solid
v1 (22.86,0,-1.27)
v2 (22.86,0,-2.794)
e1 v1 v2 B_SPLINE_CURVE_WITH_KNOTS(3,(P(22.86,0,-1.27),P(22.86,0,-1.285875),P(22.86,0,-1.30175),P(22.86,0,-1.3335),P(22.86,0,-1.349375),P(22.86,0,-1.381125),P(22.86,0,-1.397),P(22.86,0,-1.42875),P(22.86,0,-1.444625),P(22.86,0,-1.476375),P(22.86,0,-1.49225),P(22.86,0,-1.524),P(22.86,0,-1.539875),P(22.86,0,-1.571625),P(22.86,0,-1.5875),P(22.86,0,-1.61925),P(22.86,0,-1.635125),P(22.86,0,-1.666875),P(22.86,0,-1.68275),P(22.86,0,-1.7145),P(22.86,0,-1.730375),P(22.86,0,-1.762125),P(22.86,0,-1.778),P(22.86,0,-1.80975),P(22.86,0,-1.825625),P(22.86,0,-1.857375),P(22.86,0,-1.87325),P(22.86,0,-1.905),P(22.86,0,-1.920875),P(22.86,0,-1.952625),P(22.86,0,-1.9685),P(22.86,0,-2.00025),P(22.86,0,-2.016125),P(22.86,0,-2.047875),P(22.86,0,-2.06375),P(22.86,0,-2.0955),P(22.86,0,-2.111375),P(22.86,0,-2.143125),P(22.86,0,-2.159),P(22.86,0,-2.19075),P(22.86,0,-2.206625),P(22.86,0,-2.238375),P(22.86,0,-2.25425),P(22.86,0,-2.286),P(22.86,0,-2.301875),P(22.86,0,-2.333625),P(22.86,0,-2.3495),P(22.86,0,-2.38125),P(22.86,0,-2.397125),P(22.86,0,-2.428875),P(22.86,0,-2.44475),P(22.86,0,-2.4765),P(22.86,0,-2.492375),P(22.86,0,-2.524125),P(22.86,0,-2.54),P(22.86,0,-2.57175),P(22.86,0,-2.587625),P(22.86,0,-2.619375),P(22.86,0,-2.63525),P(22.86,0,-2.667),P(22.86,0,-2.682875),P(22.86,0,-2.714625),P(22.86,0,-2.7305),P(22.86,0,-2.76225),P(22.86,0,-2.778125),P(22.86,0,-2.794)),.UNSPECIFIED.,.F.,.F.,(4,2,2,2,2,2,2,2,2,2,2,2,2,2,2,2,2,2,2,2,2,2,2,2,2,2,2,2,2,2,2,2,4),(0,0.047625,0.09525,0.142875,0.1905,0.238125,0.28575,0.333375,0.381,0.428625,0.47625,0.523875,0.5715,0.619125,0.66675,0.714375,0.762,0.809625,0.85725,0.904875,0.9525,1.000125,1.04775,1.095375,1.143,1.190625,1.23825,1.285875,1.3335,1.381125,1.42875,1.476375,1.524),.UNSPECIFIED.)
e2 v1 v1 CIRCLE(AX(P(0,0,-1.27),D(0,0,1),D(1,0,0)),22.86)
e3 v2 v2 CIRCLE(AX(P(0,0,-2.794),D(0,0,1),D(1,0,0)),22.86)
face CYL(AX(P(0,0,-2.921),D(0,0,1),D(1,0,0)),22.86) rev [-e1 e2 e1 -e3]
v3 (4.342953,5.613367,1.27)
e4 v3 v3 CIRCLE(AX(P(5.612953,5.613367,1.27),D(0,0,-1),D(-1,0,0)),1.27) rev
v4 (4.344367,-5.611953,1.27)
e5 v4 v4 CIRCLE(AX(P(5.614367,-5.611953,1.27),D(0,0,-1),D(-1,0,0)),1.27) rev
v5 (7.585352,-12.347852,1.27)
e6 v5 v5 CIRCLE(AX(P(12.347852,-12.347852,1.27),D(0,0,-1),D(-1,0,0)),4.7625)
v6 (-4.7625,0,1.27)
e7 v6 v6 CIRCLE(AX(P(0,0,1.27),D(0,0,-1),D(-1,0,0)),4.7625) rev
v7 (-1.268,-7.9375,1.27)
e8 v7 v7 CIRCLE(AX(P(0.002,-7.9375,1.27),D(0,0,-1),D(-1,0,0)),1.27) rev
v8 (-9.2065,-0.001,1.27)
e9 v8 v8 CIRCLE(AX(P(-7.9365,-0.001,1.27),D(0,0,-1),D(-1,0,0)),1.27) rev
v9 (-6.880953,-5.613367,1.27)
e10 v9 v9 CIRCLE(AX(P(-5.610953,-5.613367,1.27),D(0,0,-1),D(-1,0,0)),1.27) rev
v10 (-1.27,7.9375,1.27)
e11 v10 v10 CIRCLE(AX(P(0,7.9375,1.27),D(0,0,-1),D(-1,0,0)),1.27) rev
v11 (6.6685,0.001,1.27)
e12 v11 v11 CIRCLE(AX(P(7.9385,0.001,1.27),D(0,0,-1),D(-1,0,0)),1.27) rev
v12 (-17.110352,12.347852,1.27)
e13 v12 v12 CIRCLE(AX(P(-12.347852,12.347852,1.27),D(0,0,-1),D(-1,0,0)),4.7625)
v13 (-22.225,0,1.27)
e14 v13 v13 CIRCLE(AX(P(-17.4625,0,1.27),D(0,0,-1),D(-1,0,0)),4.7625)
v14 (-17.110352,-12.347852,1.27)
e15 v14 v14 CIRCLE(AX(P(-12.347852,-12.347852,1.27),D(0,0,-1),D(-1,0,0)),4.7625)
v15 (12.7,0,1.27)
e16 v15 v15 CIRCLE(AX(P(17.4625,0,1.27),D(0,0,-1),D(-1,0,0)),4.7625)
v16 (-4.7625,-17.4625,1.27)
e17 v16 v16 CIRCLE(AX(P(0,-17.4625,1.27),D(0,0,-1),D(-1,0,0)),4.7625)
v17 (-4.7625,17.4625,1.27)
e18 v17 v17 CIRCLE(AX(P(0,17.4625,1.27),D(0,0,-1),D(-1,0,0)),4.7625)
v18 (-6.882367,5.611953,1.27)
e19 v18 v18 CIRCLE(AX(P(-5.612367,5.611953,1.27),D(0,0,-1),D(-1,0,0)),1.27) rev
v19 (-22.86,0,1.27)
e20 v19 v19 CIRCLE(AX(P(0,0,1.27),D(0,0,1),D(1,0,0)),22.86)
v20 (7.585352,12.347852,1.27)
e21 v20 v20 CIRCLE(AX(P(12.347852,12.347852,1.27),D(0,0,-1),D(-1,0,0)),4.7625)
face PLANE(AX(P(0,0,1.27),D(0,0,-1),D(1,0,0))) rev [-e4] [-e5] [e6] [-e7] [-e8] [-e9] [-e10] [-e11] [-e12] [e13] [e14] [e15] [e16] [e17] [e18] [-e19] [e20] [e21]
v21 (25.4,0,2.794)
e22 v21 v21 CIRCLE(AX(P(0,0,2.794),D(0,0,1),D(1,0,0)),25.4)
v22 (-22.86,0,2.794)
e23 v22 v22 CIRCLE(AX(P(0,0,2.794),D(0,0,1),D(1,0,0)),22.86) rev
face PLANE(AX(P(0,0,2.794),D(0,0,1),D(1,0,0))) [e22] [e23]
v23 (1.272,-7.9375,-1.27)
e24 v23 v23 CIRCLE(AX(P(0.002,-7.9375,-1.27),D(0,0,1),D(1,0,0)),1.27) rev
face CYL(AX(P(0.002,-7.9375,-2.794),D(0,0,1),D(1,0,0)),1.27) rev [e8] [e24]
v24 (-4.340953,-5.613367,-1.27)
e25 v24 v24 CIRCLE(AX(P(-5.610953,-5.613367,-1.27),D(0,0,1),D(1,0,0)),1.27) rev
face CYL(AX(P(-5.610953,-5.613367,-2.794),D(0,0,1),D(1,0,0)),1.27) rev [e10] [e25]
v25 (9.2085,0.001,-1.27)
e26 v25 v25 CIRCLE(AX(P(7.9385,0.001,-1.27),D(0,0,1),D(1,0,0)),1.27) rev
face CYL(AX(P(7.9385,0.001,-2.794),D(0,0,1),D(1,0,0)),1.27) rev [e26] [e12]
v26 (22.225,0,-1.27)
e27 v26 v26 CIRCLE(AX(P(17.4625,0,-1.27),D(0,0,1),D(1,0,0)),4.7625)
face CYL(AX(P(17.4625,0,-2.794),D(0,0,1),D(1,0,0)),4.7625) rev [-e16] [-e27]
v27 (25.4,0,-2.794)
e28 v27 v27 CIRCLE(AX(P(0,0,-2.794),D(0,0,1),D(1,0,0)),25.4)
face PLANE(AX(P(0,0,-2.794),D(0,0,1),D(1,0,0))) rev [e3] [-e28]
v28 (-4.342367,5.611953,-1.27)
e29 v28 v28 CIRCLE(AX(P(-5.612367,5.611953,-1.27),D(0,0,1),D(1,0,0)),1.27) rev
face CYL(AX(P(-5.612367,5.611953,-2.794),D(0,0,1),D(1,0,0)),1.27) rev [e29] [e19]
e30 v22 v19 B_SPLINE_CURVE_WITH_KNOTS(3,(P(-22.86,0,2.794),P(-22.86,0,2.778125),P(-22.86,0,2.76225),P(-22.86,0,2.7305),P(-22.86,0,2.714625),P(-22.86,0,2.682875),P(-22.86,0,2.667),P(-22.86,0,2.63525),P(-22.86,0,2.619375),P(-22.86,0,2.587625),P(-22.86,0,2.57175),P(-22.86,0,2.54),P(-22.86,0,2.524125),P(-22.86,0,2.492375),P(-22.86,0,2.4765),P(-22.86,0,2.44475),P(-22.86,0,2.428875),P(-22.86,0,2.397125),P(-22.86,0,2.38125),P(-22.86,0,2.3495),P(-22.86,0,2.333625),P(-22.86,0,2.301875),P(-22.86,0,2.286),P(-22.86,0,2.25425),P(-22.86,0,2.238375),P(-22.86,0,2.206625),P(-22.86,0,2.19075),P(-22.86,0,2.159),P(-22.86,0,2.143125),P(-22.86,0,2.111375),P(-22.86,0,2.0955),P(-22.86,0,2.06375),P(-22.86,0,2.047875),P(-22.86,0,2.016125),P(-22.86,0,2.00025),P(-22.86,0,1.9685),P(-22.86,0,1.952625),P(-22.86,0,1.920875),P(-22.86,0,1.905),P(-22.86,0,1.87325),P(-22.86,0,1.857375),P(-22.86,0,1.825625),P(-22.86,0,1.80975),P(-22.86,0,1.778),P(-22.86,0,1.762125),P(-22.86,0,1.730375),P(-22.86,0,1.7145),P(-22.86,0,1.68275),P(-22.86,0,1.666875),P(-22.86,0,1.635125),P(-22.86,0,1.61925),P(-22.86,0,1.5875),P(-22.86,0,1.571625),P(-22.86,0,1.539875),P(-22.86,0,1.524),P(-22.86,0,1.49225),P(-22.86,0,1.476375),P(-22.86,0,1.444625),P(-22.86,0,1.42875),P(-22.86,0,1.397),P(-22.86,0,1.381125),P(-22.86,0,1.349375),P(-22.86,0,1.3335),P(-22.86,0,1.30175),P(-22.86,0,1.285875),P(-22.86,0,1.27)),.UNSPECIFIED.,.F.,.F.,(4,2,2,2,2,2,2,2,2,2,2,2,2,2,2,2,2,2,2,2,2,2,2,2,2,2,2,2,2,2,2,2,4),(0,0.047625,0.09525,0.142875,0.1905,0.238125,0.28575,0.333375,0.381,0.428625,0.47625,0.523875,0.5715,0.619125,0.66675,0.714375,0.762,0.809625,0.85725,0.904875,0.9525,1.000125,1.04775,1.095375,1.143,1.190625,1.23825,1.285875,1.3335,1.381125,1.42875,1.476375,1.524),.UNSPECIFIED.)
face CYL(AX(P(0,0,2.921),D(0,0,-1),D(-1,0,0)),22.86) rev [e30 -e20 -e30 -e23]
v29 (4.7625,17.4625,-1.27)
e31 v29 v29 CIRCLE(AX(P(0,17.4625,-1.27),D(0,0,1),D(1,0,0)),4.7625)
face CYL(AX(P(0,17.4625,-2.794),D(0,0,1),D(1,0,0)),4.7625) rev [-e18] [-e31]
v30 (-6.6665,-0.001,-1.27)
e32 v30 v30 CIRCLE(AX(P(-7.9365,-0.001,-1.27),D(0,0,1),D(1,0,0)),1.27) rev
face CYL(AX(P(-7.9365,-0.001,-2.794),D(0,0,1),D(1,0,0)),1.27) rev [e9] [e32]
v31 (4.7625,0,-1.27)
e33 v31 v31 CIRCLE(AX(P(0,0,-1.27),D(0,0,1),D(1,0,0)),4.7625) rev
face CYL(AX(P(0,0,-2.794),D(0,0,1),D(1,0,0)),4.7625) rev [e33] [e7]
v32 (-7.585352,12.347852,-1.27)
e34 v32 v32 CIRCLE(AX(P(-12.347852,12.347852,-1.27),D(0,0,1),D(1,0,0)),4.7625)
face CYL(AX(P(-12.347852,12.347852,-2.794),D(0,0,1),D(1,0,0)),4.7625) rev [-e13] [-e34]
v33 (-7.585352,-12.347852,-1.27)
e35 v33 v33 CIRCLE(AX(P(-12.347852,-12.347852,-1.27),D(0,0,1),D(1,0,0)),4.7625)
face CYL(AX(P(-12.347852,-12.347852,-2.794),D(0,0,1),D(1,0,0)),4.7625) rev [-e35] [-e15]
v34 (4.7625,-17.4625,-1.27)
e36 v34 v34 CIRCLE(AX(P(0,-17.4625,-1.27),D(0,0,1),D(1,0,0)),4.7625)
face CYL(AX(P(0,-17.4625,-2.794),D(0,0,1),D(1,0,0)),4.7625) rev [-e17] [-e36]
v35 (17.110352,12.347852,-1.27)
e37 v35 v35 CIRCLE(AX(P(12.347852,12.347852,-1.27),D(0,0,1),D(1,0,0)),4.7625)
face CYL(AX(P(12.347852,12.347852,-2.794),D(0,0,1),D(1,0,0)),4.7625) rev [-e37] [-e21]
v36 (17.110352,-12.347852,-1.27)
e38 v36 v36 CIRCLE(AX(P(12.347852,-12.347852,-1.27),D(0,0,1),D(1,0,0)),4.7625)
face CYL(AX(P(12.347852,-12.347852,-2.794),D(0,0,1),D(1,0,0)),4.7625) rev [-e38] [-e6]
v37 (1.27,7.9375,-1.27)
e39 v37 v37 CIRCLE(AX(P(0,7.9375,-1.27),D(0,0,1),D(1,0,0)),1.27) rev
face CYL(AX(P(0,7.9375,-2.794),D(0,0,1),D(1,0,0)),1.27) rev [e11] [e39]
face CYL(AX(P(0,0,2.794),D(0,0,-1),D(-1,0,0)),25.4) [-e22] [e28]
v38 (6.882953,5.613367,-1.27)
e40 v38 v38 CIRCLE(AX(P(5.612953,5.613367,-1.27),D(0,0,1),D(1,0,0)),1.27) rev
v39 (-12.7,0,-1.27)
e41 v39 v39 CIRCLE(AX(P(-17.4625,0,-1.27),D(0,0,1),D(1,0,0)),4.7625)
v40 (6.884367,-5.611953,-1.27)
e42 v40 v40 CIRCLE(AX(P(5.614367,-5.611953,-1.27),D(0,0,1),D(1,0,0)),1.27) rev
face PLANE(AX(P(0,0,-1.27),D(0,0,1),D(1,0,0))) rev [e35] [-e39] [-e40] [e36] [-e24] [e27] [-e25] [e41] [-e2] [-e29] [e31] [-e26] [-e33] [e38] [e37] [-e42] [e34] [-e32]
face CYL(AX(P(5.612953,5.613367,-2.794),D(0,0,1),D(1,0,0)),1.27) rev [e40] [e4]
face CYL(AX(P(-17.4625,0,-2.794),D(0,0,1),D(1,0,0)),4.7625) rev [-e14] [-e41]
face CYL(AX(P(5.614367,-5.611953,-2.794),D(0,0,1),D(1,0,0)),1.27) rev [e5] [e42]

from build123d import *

# Parameters (mm, degrees)
SKETCH1_R               = 25.4
BOSS_EXTRUDE1_DEPTH     = 2.794
SKETCH2_R               = 4.7625
SKETCH2_R_2             = 1.27
CUT_EXTRUDE1_DEPTH      = 37.353070627
CUT_EXTRUDE2_START      = -1.27
SKETCH3_R               = 22.86
CUT_EXTRUDE2_DEPTH      = 1.651
CUT_EXTRUDE3_DEPTH      = 37.029521729
CUT_EXTRUDE3_DEPTH_BACK = 37.029521729
SKETCH4_R               = 4.7625


with BuildPart() as part:
    # Sketch1 → Boss-Extrude1 (new, symmetric)
    with BuildSketch(Plane.XY):
        Circle(SKETCH1_R)
    extrude(amount=BOSS_EXTRUDE1_DEPTH, both=True)

    # Sketch2 → Cut-Extrude1 (cut, through all)
    with BuildSketch(Plane.XY.offset(2.794)):
        Circle(SKETCH2_R)
        with Locations((0, 7.9375)):
            Circle(SKETCH2_R_2)
        with Locations((5.612952969, 5.613367182)):
            Circle(SKETCH2_R_2)
        with Locations((7.9385, 0.001)):
            Circle(SKETCH2_R_2)
        with Locations((5.614367182, -5.611952969)):
            Circle(SKETCH2_R_2)
        with Locations((0.002, -7.9375)):
            Circle(SKETCH2_R_2)
        with Locations((-5.610952969, -5.613367182)):
            Circle(SKETCH2_R_2)
        with Locations((-7.9365, -0.001)):
            Circle(SKETCH2_R_2)
        with Locations((-5.612367182, 5.611952969)):
            Circle(SKETCH2_R_2)
    extrude(amount=-CUT_EXTRUDE1_DEPTH, mode=Mode.SUBTRACT)

    # Sketch3 → Cut-Extrude2 (cut)
    with BuildSketch(Plane.XY.offset(CUT_EXTRUDE2_START)):
        Circle(SKETCH3_R)
    cut_extrude2 = extrude(amount=-CUT_EXTRUDE2_DEPTH, mode=Mode.SUBTRACT)

    # Mirror1: Cut-Extrude2 across plane
    add(cut_extrude2.mirror(Plane.XY), mode=Mode.SUBTRACT)

    # Sketch4 → Cut-Extrude3 (cut, two sides: drawn at the far end of the back side and taken through both)
    with BuildSketch(Plane.XY.offset(-CUT_EXTRUDE3_DEPTH_BACK)):
        with Locations((0, 17.4625)):
            Circle(SKETCH4_R)
        with Locations((12.347852166, 12.347852166)):
            Circle(SKETCH4_R)
        with Locations((17.4625, 0)):
            Circle(SKETCH4_R)
        with Locations((12.347852166, -12.347852166)):
            Circle(SKETCH4_R)
        with Locations((0, -17.4625)):
            Circle(SKETCH4_R)
        with Locations((-12.347852166, -12.347852166)):
            Circle(SKETCH4_R)
        with Locations((-17.4625, 0)):
            Circle(SKETCH4_R)
        with Locations((-12.347852166, 12.347852166)):
            Circle(SKETCH4_R)
    extrude(amount=CUT_EXTRUDE3_DEPTH + CUT_EXTRUDE3_DEPTH_BACK, mode=Mode.SUBTRACT)


solid = part.part
